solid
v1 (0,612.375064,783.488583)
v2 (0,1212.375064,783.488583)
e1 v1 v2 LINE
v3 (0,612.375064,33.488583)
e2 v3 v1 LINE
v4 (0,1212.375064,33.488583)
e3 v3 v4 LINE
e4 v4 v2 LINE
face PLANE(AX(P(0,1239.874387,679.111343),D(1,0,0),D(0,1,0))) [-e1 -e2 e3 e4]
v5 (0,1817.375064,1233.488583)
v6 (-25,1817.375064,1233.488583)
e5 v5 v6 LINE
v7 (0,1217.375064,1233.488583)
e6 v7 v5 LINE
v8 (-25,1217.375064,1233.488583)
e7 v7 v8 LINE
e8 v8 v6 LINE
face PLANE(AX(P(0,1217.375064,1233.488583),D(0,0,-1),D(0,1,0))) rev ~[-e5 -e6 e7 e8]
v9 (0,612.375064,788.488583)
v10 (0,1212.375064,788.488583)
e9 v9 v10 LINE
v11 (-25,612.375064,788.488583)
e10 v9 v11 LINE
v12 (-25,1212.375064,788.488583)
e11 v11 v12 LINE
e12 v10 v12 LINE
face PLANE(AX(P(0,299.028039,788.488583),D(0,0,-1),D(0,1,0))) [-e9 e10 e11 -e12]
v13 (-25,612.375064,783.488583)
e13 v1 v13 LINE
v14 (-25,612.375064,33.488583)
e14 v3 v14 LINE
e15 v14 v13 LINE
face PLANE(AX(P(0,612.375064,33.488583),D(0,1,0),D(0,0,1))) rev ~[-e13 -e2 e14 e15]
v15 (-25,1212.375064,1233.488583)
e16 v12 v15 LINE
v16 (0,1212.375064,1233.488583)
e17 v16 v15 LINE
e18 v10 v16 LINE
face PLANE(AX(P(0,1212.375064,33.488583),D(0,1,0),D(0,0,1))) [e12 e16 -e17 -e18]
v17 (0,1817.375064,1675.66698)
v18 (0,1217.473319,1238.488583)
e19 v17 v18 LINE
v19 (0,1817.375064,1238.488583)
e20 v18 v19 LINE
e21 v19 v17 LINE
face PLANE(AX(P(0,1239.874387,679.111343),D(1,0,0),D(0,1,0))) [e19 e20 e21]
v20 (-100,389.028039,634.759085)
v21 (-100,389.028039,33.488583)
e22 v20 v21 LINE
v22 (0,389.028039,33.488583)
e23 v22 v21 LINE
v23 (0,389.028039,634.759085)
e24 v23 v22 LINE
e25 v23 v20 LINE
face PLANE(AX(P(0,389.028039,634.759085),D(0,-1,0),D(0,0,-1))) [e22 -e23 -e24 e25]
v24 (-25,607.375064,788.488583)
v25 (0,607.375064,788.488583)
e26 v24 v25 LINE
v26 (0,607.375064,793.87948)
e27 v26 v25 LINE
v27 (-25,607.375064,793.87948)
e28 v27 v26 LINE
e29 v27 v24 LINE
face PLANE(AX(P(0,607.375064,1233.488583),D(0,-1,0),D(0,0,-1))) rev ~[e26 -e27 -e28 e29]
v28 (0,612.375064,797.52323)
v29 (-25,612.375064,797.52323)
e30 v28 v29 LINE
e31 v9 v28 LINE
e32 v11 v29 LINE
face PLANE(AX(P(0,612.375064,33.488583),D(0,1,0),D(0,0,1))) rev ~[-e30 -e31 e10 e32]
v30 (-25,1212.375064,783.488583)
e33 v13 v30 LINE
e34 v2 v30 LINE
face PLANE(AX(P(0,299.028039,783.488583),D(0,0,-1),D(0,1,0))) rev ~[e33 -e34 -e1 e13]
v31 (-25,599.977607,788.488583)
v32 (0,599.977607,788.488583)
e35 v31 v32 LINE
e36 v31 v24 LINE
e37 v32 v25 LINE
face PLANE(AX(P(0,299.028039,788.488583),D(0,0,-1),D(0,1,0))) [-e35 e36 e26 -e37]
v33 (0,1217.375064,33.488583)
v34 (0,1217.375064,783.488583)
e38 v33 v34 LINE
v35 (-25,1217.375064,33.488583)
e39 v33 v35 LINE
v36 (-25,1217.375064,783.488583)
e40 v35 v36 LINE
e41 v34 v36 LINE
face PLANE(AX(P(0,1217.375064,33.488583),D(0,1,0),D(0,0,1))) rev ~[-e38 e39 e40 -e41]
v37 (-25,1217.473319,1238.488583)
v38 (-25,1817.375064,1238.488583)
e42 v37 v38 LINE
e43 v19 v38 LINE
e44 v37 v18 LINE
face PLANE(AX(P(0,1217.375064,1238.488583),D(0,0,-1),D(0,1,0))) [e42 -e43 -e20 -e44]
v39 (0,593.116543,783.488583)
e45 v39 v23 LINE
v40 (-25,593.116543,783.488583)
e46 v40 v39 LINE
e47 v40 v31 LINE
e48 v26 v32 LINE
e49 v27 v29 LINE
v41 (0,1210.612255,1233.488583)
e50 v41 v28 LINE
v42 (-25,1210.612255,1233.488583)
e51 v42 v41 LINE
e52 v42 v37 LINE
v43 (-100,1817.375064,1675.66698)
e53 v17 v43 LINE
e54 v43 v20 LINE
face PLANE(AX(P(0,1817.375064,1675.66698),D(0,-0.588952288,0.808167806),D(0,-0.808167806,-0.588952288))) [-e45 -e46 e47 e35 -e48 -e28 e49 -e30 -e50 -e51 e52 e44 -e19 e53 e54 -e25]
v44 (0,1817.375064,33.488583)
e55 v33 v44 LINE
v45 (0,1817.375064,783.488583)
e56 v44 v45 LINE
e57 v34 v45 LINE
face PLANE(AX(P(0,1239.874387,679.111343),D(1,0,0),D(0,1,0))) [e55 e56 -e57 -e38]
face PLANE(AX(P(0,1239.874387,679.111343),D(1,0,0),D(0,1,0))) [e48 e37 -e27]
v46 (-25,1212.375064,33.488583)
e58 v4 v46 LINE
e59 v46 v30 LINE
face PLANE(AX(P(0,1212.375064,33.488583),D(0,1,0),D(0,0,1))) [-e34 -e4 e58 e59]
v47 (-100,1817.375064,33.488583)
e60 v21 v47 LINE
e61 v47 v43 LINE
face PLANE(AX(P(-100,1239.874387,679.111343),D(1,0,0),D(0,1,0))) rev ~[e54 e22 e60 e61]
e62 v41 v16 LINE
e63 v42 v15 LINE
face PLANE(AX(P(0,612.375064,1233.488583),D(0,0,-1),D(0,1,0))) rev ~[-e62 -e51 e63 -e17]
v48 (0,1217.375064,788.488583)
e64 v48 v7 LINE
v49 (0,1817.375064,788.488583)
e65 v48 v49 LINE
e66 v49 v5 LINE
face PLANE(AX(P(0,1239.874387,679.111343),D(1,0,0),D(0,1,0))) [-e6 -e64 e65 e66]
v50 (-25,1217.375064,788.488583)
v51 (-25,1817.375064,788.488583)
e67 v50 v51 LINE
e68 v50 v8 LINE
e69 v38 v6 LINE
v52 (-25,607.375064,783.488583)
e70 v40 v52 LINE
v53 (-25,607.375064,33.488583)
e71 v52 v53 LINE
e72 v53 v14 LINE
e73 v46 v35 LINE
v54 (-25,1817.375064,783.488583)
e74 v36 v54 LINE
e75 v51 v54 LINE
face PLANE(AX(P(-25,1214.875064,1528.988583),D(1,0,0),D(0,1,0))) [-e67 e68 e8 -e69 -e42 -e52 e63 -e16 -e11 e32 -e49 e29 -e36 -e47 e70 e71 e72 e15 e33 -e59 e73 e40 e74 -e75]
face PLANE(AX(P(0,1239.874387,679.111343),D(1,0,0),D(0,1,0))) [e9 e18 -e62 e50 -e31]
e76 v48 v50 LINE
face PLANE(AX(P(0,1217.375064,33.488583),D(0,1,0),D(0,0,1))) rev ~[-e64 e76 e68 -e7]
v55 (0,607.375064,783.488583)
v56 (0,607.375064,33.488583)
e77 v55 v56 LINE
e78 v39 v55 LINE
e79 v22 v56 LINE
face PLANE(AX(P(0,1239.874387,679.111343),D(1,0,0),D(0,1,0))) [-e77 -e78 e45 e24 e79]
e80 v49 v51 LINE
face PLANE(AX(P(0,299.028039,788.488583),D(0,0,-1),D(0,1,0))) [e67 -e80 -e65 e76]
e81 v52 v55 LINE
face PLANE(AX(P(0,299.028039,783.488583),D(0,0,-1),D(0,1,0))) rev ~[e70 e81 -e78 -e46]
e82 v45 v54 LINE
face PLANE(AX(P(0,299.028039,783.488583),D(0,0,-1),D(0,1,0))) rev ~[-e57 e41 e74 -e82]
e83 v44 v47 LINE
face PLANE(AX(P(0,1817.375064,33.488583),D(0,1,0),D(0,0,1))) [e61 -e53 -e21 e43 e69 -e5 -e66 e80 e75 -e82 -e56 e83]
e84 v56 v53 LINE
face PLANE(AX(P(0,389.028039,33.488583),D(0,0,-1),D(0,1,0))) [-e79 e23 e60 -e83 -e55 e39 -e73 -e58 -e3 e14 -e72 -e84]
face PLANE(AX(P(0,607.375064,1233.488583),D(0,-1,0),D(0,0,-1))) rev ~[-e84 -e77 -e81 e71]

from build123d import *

# Parameters (mm, degrees)
F1_DEPTH = 100
F2_W     = 5
F2_H     = 581
F2_W_2   = 1636.7888212204
F2_H_2   = 5
F2_W_3   = 600
F2_H_3   = 1200
F2_W_4   = 607.3750638962
F3_DEPTH = 25
F4_W     = 2650
F4_H     = 5
F5_DEPTH = 25


with BuildPart() as f1:
    # F0 (on Right) → F1 (new body)
    with BuildSketch(Plane.YZ):
        Polygon((389.0280389786, 634.7590853661), (389.0280389786, 33.4885828197), (1817.3750638962, 33.4885828197), (1817.3750638962, 1675.6669797748), align=None)
    extrude(amount=-F1_DEPTH)

    # F2 (on Right) → F3 (cut)
    with BuildSketch(Plane.YZ):
        with Locations((1214.8750638962, 1528.9885828197)):
            Rectangle(F2_W, F2_H)
        with Locations((2035.7694745064, 1235.9885828197)):
            Rectangle(F2_W_2, F2_H_2)
        with Locations((1214.8750638962, 1235.9885828197)):
            Rectangle(F2_W, F2_H_2)
        with Locations((912.3750638962, 1235.9885828197)):
            Rectangle(F2_W_3, F2_H_2)
        with Locations((1214.8750638962, 633.4885828197)):
            Rectangle(F2_W, F2_H_3)
        with Locations((609.8750638962, 1528.9885828197)):
            Rectangle(F2_W, F2_H)
        with Locations((609.8750638962, 1235.9885828197)):
            Rectangle(F2_W, F2_H_2)
        with Locations((609.8750638962, 633.4885828197)):
            Rectangle(F2_W, F2_H_3)
        with Locations((303.6875319481, 1235.9885828197)):
            Rectangle(F2_W_4, F2_H_2)
    extrude(amount=-F3_DEPTH, mode=Mode.SUBTRACT)

    # F4 (on face) → F5 (cut)
    with BuildSketch(Plane.YZ):
        with Locations((1624.0280389786, 785.9885828197)):
            Rectangle(F4_W, F4_H)
    extrude(amount=-F5_DEPTH, mode=Mode.SUBTRACT)


solid = f1.part
